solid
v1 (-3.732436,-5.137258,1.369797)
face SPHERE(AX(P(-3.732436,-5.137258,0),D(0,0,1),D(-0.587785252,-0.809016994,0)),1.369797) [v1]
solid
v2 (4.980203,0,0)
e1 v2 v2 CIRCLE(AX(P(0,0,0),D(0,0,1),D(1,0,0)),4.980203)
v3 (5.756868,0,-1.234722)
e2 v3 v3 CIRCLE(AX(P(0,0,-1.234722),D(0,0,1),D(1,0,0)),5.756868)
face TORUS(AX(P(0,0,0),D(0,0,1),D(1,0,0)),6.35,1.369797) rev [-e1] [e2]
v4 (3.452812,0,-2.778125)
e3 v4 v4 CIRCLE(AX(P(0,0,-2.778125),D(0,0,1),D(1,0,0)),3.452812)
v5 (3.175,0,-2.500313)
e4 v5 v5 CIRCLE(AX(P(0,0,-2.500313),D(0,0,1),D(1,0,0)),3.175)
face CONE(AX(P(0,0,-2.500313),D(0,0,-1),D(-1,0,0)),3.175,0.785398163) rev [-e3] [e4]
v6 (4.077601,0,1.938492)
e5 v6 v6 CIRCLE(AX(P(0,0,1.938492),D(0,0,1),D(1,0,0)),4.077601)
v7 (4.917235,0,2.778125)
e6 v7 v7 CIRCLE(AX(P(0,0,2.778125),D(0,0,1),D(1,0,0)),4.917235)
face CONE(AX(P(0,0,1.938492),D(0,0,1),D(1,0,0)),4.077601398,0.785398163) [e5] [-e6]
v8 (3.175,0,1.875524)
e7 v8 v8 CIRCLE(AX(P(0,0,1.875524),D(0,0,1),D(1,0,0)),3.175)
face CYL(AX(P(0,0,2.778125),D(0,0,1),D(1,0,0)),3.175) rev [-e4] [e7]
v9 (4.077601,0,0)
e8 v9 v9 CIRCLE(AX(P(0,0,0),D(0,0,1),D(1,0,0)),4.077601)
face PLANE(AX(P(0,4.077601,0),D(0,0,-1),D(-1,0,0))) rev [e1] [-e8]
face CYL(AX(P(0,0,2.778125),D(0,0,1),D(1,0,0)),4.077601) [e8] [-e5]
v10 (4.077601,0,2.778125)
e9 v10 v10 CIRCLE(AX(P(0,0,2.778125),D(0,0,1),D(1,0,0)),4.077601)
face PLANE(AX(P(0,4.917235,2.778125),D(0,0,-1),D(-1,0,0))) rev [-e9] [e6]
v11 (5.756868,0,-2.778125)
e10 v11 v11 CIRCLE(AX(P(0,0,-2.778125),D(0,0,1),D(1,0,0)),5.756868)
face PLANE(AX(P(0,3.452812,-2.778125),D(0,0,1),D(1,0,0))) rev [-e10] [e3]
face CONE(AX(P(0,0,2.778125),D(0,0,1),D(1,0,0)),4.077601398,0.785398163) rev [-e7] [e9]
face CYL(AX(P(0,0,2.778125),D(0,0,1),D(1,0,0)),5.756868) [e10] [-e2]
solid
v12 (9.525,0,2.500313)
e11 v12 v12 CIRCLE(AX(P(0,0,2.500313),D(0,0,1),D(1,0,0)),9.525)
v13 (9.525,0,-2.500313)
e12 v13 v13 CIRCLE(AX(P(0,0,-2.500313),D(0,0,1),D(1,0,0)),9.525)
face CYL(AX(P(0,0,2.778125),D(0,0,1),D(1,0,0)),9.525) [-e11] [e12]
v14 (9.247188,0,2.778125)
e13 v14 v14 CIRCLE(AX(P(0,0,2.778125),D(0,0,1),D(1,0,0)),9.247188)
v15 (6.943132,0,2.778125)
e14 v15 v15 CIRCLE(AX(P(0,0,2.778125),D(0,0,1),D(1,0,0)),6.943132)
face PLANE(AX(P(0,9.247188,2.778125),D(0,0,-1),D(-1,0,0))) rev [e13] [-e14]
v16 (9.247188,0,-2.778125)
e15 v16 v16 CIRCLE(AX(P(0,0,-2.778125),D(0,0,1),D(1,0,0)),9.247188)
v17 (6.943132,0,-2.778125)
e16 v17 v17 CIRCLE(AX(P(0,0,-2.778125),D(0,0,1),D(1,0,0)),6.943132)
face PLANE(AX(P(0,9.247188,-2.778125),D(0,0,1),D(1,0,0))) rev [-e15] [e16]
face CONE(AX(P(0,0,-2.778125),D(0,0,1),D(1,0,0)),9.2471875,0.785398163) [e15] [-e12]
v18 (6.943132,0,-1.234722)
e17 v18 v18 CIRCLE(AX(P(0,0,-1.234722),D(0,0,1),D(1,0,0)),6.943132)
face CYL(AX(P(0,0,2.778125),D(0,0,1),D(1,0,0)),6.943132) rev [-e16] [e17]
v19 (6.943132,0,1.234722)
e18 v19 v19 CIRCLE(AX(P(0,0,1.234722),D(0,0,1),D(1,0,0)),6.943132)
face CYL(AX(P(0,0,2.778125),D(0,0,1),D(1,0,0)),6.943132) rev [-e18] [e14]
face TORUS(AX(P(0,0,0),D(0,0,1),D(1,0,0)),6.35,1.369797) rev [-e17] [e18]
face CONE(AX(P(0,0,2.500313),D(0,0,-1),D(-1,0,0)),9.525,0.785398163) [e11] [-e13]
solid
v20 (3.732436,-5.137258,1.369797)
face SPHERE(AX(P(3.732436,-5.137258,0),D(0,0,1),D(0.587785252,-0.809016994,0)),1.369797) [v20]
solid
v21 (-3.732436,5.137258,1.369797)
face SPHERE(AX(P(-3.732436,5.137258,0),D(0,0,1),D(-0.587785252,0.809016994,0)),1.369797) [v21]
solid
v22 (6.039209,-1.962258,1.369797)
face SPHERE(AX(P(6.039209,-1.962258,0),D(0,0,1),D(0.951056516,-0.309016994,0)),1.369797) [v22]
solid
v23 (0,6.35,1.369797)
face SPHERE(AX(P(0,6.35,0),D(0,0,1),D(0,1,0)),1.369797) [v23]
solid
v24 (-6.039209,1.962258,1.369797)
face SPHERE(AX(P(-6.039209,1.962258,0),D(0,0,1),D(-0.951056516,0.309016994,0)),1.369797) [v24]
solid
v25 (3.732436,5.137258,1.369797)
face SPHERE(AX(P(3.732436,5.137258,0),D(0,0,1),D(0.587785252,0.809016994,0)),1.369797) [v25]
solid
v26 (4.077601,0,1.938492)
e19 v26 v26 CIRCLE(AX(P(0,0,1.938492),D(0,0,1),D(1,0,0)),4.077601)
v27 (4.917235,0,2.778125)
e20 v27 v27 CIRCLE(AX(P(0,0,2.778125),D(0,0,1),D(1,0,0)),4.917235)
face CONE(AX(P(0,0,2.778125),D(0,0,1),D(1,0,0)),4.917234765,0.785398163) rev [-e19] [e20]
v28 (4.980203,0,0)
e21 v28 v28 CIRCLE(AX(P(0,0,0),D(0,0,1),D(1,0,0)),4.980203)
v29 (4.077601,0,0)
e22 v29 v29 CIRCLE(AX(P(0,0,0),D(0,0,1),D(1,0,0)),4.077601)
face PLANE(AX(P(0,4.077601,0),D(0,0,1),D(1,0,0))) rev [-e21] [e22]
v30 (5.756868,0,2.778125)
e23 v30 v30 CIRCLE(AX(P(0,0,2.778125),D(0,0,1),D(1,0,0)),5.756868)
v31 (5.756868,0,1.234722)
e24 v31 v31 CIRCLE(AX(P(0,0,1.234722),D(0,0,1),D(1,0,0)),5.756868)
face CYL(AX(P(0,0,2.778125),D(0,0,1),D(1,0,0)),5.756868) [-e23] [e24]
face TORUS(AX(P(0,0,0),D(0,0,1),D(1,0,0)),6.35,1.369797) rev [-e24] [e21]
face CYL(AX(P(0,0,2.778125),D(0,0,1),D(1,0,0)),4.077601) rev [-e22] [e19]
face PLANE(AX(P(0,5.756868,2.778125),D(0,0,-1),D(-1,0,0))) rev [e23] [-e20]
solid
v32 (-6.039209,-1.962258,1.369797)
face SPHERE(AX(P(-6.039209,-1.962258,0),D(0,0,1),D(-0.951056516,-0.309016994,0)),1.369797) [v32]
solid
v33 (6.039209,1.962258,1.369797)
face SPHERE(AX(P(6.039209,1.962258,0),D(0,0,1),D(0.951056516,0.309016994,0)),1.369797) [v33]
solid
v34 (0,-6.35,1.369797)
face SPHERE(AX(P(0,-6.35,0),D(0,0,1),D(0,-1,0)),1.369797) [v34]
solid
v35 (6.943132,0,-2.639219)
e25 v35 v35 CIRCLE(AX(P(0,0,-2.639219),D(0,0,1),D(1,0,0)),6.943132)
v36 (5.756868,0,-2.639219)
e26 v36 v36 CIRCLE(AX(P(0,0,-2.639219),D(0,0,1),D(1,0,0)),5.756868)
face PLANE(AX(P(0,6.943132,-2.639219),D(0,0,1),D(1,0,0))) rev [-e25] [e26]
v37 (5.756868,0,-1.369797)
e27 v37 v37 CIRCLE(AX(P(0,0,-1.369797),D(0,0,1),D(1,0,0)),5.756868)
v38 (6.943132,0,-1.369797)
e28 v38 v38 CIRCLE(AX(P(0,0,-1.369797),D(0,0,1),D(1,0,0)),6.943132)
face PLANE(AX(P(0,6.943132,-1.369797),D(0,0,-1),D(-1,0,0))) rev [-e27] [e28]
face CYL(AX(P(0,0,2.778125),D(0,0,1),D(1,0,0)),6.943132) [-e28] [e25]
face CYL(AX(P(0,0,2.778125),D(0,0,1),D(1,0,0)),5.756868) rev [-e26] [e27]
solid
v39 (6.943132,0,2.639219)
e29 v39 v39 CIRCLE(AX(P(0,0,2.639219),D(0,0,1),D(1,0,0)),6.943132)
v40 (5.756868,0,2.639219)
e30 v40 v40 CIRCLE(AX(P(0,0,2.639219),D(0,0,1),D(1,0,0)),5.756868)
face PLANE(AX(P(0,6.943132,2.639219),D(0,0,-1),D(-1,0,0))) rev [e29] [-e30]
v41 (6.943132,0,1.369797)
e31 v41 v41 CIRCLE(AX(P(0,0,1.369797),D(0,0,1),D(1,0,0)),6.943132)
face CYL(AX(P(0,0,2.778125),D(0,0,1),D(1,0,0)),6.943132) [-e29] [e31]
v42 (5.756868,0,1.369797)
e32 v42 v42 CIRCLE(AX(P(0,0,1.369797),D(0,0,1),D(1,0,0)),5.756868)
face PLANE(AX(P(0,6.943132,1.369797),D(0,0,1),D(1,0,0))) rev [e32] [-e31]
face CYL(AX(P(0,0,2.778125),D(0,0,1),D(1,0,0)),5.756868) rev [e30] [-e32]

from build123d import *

# Parameters (mm, degrees)
CIRPATTERN1_COUNT = 10
SKETCH5_W         = 1.269421546
SKETCH5_H         = 1.186263736


with BuildPart() as part:
    # Sketch1 → Revolve1 (revolve)
    with BuildSketch(Plane(origin=(0, 0, 0), x_dir=(0, 0, -1), z_dir=(1, 0, 0))):
        with BuildLine():
            Line((2.5003125, 9.525), (-2.5003125, 9.525))
            Line((-2.5003125, 9.525), (-2.778125, 9.2471875))
            Line((-2.778125, 9.2471875), (-2.778125, 6.943131868))
            Line((-2.778125, 6.943131868), (-1.234722222, 6.943131868))
            ThreePointArc((-1.234722222, 6.943131868), (0, 7.719797204), (1.234722222, 6.943131868))
            Line((1.234722222, 6.943131868), (2.778125, 6.943131868))
            Line((2.778125, 6.943131868), (2.778125, 9.2471875))
            Line((2.778125, 9.2471875), (2.5003125, 9.525))
        make_face()
    revolve(axis=Axis((0, 0, 2.778125), (0, 0, -1)))


with BuildPart() as body_2:
    # Sketch2 → Revolve2 (revolve)
    with BuildSketch(Plane(origin=(0, 0, 0), x_dir=(0, 0, -1), z_dir=(1, 0, 0))):
        with BuildLine():
            Line((-2.778125, 5.756868132), (-1.234722222, 5.756868132))
            ThreePointArc((-1.234722222, 5.756868132), (-0.729340114, 5.190514176), (0, 4.980202796))
            Line((0, 4.980202796), (0, 4.077601398))
            Line((0, 4.077601398), (-1.938491633, 4.077601398))
            Line((-1.938491633, 4.077601398), (-2.778125, 4.917234765))
            Line((-2.778125, 4.917234765), (-2.778125, 5.756868132))
        make_face()
    revolve(axis=Axis((0, 0, 2.778125), (0, 0, -1)))


with BuildPart() as body_3:
    # Sketch3 → Revolve3 (revolve)
    with BuildSketch(Plane(origin=(0, 0, 0), x_dir=(0, 0, -1), z_dir=(1, 0, 0))):
        with BuildLine():
            Line((-2.778125, 4.917234765), (-1.938491633, 4.077601398))
            Line((-1.938491633, 4.077601398), (0, 4.077601398))
            Line((0, 4.077601398), (0, 4.980202796))
            ThreePointArc((0, 4.980202796), (0.729340114, 5.190514176), (1.234722222, 5.756868132))
            Line((1.234722222, 5.756868132), (2.778125, 5.756868132))
            Line((2.778125, 5.756868132), (2.778125, 3.4528125))
            Line((2.778125, 3.4528125), (2.5003125, 3.175))
            Line((2.5003125, 3.175), (-1.875523602, 3.175))
            Line((-1.875523602, 3.175), (-2.778125, 4.077601398))
            Line((-2.778125, 4.077601398), (-2.778125, 4.917234765))
        make_face()
    revolve(axis=Axis((0, 0, 2.778125), (0, 0, -1)))


with BuildPart() as body_4:
    # Sketch4 → Revolve4 (revolve)
    with BuildSketch(Plane(origin=(0, 0, 0), x_dir=(0, 0, -1), z_dir=(1, 0, 0))):
        with BuildLine():
            Line((-1.369797204, 6.35), (1.369797204, 6.35))
            ThreePointArc((1.369797204, 6.35), (0, 7.719797204), (-1.369797204, 6.35))
        make_face()
    revolve(axis=Axis((0, 6.35, 1.369797204), (0, 0, -1)))


with BuildPart() as cirpattern1_1:
    # CirPattern1: pattern copy
    add(body_4.part.rotate(Axis((0, 0, -2.778125), (0, 0, 1)), 1 * 360 / CIRPATTERN1_COUNT))


with BuildPart() as cirpattern1_2:
    # CirPattern1: pattern copy
    add(body_4.part.rotate(Axis((0, 0, -2.778125), (0, 0, 1)), 2 * 360 / CIRPATTERN1_COUNT))


with BuildPart() as cirpattern1_3:
    # CirPattern1: pattern copy
    add(body_4.part.rotate(Axis((0, 0, -2.778125), (0, 0, 1)), 3 * 360 / CIRPATTERN1_COUNT))


with BuildPart() as cirpattern1_4:
    # CirPattern1: pattern copy
    add(body_4.part.rotate(Axis((0, 0, -2.778125), (0, 0, 1)), 4 * 360 / CIRPATTERN1_COUNT))


with BuildPart() as cirpattern1_5:
    # CirPattern1: pattern copy
    add(body_4.part.rotate(Axis((0, 0, -2.778125), (0, 0, 1)), 5 * 360 / CIRPATTERN1_COUNT))


with BuildPart() as cirpattern1_6:
    # CirPattern1: pattern copy
    add(body_4.part.rotate(Axis((0, 0, -2.778125), (0, 0, 1)), 6 * 360 / CIRPATTERN1_COUNT))


with BuildPart() as cirpattern1_7:
    # CirPattern1: pattern copy
    add(body_4.part.rotate(Axis((0, 0, -2.778125), (0, 0, 1)), 7 * 360 / CIRPATTERN1_COUNT))


with BuildPart() as cirpattern1_8:
    # CirPattern1: pattern copy
    add(body_4.part.rotate(Axis((0, 0, -2.778125), (0, 0, 1)), 8 * 360 / CIRPATTERN1_COUNT))


with BuildPart() as cirpattern1_9:
    # CirPattern1: pattern copy
    add(body_4.part.rotate(Axis((0, 0, -2.778125), (0, 0, 1)), 9 * 360 / CIRPATTERN1_COUNT))


with BuildPart() as body_14:
    # Sketch5 → Revolve5 (revolve)
    with BuildSketch(Plane(origin=(0, 0, 0), x_dir=(0, 0, -1), z_dir=(1, 0, 0))):
        with Locations((-2.004507977, 6.35)):
            Rectangle(SKETCH5_W, SKETCH5_H)
        with Locations((2.004507977, 6.35)):
            Rectangle(SKETCH5_W, SKETCH5_H)
    revolve(axis=Axis((0, 0, 2.778125), (0, 0, -1)))


solid = Compound([part.part, body_2.part, body_3.part, body_4.part, cirpattern1_1.part, cirpattern1_2.part, cirpattern1_3.part, cirpattern1_4.part, cirpattern1_5.part, cirpattern1_6.part, cirpattern1_7.part, cirpattern1_8.part, cirpattern1_9.part, body_14.part])
